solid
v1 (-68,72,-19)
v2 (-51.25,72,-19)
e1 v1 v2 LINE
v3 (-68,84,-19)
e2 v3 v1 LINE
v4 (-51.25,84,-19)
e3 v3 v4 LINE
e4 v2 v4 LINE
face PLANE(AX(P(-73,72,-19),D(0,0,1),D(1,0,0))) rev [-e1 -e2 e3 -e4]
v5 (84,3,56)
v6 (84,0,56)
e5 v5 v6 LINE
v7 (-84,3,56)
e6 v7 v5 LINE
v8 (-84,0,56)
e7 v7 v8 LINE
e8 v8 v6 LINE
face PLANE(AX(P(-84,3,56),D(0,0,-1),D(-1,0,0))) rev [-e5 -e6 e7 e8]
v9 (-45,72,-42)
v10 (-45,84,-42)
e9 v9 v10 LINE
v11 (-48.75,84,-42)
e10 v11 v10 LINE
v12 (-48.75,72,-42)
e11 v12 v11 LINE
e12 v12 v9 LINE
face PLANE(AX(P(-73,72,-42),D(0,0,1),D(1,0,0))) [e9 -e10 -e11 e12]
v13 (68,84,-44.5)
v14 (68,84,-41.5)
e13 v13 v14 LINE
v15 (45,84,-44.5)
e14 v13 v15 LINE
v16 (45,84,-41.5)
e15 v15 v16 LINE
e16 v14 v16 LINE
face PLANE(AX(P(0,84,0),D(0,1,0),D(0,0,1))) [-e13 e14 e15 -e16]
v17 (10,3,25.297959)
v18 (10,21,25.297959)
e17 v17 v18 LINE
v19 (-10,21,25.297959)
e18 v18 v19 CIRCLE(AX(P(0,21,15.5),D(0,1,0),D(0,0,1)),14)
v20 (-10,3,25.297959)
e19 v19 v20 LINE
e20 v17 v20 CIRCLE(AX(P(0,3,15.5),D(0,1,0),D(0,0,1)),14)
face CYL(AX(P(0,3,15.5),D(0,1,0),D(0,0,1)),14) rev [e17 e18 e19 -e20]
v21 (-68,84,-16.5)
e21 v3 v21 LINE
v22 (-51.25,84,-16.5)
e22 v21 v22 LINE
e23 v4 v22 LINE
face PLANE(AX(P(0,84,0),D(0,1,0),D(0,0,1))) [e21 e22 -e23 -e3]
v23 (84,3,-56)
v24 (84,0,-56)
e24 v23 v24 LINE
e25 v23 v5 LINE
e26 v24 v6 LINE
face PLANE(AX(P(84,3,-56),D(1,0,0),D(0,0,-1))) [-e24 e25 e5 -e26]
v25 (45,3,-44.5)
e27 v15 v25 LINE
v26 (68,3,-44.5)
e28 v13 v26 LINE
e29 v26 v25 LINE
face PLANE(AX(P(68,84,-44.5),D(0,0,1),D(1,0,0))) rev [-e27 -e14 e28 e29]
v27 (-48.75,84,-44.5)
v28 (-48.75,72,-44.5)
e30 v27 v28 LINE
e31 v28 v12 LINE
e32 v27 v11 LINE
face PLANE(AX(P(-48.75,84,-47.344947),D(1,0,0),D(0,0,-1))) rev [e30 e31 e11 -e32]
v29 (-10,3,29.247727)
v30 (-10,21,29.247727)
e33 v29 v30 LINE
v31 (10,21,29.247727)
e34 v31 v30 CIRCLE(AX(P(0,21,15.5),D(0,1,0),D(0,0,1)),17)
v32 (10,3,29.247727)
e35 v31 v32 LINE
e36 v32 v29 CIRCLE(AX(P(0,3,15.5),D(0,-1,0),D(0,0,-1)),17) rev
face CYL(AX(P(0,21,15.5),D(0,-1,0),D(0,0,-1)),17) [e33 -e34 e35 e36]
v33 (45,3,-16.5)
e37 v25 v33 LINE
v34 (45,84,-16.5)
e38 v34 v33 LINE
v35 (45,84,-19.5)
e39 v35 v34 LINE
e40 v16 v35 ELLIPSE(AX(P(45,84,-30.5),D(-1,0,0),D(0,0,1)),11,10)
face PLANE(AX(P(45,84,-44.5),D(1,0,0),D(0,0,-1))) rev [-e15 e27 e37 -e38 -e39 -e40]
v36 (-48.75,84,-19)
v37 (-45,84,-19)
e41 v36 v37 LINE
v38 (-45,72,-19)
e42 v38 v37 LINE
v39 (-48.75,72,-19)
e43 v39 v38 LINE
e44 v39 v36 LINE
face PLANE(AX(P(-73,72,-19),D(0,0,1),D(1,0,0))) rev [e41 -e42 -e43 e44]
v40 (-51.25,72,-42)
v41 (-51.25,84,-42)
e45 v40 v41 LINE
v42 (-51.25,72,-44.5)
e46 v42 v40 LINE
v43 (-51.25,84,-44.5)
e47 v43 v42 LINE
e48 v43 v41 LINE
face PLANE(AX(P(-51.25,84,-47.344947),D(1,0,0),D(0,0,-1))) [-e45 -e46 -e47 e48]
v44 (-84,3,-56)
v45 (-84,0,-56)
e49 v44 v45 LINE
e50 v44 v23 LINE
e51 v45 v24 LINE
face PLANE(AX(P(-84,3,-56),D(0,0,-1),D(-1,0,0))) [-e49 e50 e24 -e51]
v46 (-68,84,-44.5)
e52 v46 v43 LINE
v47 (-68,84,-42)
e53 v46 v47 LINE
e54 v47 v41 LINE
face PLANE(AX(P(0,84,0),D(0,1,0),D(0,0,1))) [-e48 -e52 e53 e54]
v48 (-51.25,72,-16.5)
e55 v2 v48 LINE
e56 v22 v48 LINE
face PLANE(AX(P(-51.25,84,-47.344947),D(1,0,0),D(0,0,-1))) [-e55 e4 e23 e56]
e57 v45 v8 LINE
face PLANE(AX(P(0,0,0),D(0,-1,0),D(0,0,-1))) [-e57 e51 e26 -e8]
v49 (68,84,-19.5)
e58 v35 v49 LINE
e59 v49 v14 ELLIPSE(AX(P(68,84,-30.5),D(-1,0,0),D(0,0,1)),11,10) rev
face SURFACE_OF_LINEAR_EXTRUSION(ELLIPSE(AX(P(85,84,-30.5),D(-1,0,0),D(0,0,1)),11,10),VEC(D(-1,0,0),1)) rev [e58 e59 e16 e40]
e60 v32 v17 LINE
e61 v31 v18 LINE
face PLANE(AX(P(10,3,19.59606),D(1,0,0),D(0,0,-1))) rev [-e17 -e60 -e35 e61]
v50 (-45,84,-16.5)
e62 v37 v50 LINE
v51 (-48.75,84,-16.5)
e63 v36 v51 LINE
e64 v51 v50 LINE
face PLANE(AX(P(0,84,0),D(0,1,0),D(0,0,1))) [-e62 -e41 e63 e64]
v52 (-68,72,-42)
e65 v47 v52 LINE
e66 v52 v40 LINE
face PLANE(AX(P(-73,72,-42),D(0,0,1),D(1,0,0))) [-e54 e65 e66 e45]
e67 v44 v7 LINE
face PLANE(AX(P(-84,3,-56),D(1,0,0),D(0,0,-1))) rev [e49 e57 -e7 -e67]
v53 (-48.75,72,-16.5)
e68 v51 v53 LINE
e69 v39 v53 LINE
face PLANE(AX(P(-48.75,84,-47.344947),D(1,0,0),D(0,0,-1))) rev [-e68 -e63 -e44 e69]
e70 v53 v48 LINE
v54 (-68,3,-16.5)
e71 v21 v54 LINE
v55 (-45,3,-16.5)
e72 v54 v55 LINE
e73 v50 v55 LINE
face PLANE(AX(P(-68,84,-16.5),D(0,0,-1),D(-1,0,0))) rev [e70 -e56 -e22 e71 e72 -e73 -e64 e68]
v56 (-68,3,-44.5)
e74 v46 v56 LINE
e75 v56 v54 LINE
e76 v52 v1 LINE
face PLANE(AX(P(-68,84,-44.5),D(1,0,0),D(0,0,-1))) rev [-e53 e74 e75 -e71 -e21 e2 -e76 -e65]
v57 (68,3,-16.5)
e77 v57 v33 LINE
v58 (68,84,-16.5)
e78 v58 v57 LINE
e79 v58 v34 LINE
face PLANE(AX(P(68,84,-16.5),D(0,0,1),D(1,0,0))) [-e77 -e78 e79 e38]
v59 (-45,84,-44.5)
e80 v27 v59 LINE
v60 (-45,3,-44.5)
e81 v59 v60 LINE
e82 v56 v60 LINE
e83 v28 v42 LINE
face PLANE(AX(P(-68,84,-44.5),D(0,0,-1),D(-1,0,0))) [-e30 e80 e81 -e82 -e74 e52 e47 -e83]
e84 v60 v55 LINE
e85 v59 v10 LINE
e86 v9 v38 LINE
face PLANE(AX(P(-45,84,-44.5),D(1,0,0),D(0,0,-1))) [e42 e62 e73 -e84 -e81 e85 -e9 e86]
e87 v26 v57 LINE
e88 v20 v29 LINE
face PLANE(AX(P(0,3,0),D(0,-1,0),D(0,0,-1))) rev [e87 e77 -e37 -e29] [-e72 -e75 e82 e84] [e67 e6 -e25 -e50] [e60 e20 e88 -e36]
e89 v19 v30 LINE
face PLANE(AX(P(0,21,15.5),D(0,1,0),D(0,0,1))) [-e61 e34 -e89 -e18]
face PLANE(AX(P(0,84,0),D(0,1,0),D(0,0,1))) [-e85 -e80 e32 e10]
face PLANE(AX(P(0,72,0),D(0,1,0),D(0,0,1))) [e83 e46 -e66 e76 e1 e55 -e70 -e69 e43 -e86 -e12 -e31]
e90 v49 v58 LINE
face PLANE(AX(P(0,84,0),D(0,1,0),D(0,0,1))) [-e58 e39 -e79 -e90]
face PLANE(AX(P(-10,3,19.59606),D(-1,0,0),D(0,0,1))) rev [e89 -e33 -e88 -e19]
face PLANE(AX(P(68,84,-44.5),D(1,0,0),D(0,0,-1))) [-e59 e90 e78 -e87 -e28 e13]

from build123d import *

# Parameters (mm, degrees)
SKETCH1_W           = 168
SKETCH1_H           = 112
BOSS_EXTRUDE1_DEPTH = 3
SKETCH2_W           = 23
SKETCH2_H           = 28
BOSS_EXTRUDE2_DEPTH = 81
SKETCH11_W          = 28
SKETCH11_H          = 23
CUT_EXTRUDE4_DEPTH  = 12
SKETCH13_W          = 2.5
SKETCH13_H          = 33.689893656
CUT_EXTRUDE5_DEPTH  = 12
SKETCH17_RX         = 11
SKETCH17_RY         = 10
CUT_EXTRUDE6_DEPTH  = 40
SKETCH18_R          = 17
BOSS_EXTRUDE3_DEPTH = 18
SKETCH19_R          = 14
CUT_EXTRUDE7_DEPTH  = 18
SKETCH20_W          = 20
SKETCH20_H          = 25.807879142
CUT_EXTRUDE8_DEPTH  = 18


with BuildPart() as part:
    # Sketch1 → Boss-Extrude1 (new body)
    with BuildSketch(Plane(origin=(0, 0, 0), x_dir=(1, 0, 0), z_dir=(0, 1, 0))):
        Rectangle(SKETCH1_W, SKETCH1_H)
    extrude(amount=BOSS_EXTRUDE1_DEPTH)

    # Sketch2 → Boss-Extrude2 (add)
    with BuildSketch(Plane(origin=(0, 3, 0), x_dir=(1, 0, 0), z_dir=(0, 1, 0))):
        with Locations((-56.5, 30.5)):
            Rectangle(SKETCH2_W, SKETCH2_H)
    boss_extrude2 = extrude(amount=BOSS_EXTRUDE2_DEPTH)

    # Mirror1: Boss-Extrude2 across plane
    add(boss_extrude2.mirror(Plane(origin=(0, 0, 0), x_dir=(0, 0, 1), z_dir=(1, 0, 0))))

    # Sketch11 → Cut-Extrude4 (cut)
    with BuildSketch(Plane(origin=(0, 84, 0), x_dir=(1, 0, 0), z_dir=(0, 1, 0))):
        with Locations((-59, 30.5)):
            Rectangle(SKETCH11_W, SKETCH11_H)
    extrude(amount=-CUT_EXTRUDE4_DEPTH, mode=Mode.SUBTRACT)

    # Sketch13 → Cut-Extrude5 (cut)
    with BuildSketch(Plane(origin=(0, 72, 0), x_dir=(1, 0, 0), z_dir=(0, 1, 0))):
        with Locations((-50, 30.5)):
            Rectangle(SKETCH13_W, SKETCH13_H)
    extrude(amount=CUT_EXTRUDE5_DEPTH, mode=Mode.SUBTRACT)

    # Sketch17 → Cut-Extrude6 (cut)
    with BuildSketch(Plane.ZY.offset(-45)):
        with Locations((-30.5, 84)):
            Ellipse(SKETCH17_RX, SKETCH17_RY)
    extrude(amount=-CUT_EXTRUDE6_DEPTH, mode=Mode.SUBTRACT)

    # Sketch18 → Boss-Extrude3 (add)
    with BuildSketch(Plane(origin=(0, 3, 0), x_dir=(1, 0, 0), z_dir=(0, 1, 0))):
        with Locations(Location((0, -15.5, 0), (0, 0, 90))):
            Circle(SKETCH18_R)
    extrude(amount=BOSS_EXTRUDE3_DEPTH)

    # Sketch19 → Cut-Extrude7 (cut)
    with BuildSketch(Plane(origin=(0, 21, 0), x_dir=(1, 0, 0), z_dir=(0, 1, 0))):
        with Locations(Location((0, -15.5, 0), (0, 0, 270))):
            Circle(SKETCH19_R)
    extrude(amount=-CUT_EXTRUDE7_DEPTH, mode=Mode.SUBTRACT)

    # Sketch20 → Cut-Extrude8 (cut)
    with BuildSketch(Plane(origin=(0, 21, 0), x_dir=(1, 0, 0), z_dir=(0, 1, 0))):
        with Locations((0, -32.5)):
            Rectangle(SKETCH20_W, SKETCH20_H)
    extrude(amount=-CUT_EXTRUDE8_DEPTH, mode=Mode.SUBTRACT)


solid = part.part
